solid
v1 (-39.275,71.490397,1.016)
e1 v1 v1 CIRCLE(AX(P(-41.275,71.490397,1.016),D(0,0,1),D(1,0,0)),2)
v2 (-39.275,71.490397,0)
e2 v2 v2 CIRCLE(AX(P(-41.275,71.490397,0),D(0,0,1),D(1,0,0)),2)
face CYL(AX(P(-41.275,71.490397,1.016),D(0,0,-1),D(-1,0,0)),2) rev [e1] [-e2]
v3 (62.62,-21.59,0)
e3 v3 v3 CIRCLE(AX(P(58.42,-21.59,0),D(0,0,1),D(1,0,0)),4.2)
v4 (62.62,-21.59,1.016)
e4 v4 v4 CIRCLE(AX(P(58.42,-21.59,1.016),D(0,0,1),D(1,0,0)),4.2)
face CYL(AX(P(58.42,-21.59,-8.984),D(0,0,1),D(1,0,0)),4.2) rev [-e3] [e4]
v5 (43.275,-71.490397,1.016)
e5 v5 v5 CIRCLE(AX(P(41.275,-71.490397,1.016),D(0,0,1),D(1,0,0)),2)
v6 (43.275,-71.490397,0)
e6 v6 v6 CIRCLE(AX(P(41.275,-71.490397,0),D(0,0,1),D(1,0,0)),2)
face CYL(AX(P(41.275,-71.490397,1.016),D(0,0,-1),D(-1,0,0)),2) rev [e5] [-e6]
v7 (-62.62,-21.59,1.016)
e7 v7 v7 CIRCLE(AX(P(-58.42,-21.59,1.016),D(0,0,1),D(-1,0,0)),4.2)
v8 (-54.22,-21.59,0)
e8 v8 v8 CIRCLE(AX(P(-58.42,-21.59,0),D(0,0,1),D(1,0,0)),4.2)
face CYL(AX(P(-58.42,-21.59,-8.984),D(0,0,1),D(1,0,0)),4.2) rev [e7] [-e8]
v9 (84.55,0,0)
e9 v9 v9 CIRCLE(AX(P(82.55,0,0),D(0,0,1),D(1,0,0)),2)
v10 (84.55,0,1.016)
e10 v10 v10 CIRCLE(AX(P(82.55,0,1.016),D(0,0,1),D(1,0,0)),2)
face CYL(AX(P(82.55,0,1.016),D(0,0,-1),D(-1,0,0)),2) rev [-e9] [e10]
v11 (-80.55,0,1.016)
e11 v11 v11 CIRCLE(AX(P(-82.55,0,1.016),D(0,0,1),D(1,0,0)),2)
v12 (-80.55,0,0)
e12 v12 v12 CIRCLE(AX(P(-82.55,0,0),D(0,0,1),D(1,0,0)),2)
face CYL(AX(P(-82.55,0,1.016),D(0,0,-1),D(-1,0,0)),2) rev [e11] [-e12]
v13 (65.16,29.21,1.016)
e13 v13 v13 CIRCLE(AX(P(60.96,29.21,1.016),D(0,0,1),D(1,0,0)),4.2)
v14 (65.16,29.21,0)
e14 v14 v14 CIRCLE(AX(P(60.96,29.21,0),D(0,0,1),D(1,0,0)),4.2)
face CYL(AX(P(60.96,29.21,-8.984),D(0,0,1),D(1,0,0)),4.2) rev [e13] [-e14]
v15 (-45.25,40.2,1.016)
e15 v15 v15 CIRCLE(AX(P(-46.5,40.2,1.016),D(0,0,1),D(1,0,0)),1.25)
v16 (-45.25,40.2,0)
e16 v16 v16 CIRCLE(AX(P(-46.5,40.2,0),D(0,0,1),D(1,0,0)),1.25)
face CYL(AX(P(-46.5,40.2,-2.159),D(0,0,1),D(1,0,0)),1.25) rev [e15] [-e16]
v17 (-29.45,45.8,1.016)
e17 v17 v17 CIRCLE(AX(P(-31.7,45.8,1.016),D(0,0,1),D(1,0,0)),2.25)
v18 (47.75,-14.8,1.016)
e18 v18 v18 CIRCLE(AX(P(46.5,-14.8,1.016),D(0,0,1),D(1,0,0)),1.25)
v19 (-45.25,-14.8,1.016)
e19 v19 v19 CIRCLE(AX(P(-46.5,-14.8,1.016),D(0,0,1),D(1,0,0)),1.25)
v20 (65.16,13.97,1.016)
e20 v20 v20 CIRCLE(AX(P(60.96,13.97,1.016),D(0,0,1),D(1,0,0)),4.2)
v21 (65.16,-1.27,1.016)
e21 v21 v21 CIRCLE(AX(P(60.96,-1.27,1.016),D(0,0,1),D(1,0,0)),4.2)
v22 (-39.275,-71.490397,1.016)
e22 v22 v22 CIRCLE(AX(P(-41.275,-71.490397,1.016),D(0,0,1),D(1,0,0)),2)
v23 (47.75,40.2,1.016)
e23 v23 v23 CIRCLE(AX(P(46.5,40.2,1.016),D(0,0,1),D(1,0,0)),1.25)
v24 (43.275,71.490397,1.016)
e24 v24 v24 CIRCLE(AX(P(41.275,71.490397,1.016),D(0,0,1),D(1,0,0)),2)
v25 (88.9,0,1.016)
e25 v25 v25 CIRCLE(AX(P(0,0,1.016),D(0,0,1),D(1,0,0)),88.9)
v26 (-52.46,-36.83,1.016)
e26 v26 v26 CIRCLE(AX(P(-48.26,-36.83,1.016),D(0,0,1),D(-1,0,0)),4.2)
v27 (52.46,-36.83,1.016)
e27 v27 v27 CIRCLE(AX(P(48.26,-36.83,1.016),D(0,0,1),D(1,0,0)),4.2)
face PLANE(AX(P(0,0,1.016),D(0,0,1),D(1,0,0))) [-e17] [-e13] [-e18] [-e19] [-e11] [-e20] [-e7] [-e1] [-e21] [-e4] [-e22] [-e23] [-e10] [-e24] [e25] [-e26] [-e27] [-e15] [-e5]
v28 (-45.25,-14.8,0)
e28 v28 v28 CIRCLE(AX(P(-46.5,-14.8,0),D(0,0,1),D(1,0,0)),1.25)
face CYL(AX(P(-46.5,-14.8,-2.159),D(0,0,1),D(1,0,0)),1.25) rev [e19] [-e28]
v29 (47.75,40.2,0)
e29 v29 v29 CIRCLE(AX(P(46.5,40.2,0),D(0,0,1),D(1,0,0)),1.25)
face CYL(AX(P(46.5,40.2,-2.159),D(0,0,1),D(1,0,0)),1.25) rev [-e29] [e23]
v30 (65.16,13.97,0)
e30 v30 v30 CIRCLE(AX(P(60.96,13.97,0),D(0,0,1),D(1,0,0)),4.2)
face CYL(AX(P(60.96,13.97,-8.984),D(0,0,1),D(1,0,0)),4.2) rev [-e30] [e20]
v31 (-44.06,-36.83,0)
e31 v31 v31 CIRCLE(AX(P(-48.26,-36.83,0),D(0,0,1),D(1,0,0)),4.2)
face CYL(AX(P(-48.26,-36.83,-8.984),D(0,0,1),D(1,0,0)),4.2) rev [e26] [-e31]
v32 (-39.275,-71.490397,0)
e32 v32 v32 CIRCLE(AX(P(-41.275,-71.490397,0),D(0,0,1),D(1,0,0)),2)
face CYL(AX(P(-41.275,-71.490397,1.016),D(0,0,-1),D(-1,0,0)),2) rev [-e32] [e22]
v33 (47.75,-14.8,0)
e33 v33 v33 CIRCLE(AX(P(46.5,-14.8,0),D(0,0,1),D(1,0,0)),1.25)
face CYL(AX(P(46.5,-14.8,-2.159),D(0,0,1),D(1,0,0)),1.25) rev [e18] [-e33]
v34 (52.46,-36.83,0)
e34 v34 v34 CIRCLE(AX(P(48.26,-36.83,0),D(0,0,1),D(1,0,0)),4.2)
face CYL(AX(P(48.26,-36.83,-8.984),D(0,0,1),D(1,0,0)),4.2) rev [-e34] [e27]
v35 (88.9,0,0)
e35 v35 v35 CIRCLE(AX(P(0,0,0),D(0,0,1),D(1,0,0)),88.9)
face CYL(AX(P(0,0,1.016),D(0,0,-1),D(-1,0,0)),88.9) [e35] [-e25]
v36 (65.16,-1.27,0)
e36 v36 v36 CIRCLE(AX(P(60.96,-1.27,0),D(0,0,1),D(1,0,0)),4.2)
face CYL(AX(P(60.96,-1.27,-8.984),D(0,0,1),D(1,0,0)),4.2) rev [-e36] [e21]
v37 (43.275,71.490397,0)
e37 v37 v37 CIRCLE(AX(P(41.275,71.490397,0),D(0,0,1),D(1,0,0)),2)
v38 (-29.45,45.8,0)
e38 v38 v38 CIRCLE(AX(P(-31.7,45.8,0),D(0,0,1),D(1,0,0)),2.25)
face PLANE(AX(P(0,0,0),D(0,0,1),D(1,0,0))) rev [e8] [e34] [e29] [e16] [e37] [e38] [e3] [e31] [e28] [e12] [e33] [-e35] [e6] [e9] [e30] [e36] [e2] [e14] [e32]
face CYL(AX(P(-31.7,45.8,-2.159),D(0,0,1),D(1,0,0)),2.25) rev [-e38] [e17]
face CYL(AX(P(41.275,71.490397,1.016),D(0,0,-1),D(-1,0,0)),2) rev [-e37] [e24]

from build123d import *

# Parameters (mm, degrees)
SKETCH1_R           = 88.9
SKETCH1_R_2         = 2
BOSS_EXTRUDE1_DEPTH = 1.016
SKETCH3_R           = 1.25
SKETCH3_R_2         = 2.25
CUT_EXTRUDE2_DEPTH  = 3.175
SKETCH4_R           = 4.2
CUT_EXTRUDE3_DEPTH  = 10


with BuildPart() as part:
    # Sketch1 → Boss-Extrude1 (new body)
    with BuildSketch(Plane.XY):
        Circle(SKETCH1_R)
        with Locations((41.275, 71.490397082)):
            Circle(SKETCH1_R_2, mode=Mode.SUBTRACT)
        with Locations((82.55, 0)):
            Circle(SKETCH1_R_2, mode=Mode.SUBTRACT)
        with Locations((41.275, -71.490397082)):
            Circle(SKETCH1_R_2, mode=Mode.SUBTRACT)
        with Locations((-41.275, -71.490397082)):
            Circle(SKETCH1_R_2, mode=Mode.SUBTRACT)
        with Locations((-82.55, 0)):
            Circle(SKETCH1_R_2, mode=Mode.SUBTRACT)
        with Locations((-41.275, 71.490397082)):
            Circle(SKETCH1_R_2, mode=Mode.SUBTRACT)
    extrude(amount=BOSS_EXTRUDE1_DEPTH)

    # Sketch3 → Cut-Extrude2 (cut)
    with BuildSketch(Plane.XY.offset(1.016)):
        with Locations((-46.5, 40.2)):
            Circle(SKETCH3_R)
        with Locations((46.5, 40.2)):
            Circle(SKETCH3_R)
        with Locations((46.5, -14.8)):
            Circle(SKETCH3_R)
        with Locations((-46.5, -14.8)):
            Circle(SKETCH3_R)
        with Locations((-31.700000009, 45.8)):
            Circle(SKETCH3_R_2)
    extrude(amount=-CUT_EXTRUDE2_DEPTH, mode=Mode.SUBTRACT)

    # Sketch4 → Cut-Extrude3 (cut)
    with BuildSketch(Plane.XY.offset(1.016)):
        with Locations((60.96, 29.21)):
            Circle(SKETCH4_R)
        with Locations((60.96, 13.97)):
            Circle(SKETCH4_R)
        with Locations((60.96, -1.27)):
            Circle(SKETCH4_R)
        with Locations((58.42, -21.59)):
            Circle(SKETCH4_R)
        with Locations((48.26, -36.83)):
            Circle(SKETCH4_R)
        with Locations((-58.42, -21.59)):
            Circle(SKETCH4_R)
        with Locations((-48.26, -36.83)):
            Circle(SKETCH4_R)
    extrude(amount=-CUT_EXTRUDE3_DEPTH, mode=Mode.SUBTRACT)


solid = part.part
